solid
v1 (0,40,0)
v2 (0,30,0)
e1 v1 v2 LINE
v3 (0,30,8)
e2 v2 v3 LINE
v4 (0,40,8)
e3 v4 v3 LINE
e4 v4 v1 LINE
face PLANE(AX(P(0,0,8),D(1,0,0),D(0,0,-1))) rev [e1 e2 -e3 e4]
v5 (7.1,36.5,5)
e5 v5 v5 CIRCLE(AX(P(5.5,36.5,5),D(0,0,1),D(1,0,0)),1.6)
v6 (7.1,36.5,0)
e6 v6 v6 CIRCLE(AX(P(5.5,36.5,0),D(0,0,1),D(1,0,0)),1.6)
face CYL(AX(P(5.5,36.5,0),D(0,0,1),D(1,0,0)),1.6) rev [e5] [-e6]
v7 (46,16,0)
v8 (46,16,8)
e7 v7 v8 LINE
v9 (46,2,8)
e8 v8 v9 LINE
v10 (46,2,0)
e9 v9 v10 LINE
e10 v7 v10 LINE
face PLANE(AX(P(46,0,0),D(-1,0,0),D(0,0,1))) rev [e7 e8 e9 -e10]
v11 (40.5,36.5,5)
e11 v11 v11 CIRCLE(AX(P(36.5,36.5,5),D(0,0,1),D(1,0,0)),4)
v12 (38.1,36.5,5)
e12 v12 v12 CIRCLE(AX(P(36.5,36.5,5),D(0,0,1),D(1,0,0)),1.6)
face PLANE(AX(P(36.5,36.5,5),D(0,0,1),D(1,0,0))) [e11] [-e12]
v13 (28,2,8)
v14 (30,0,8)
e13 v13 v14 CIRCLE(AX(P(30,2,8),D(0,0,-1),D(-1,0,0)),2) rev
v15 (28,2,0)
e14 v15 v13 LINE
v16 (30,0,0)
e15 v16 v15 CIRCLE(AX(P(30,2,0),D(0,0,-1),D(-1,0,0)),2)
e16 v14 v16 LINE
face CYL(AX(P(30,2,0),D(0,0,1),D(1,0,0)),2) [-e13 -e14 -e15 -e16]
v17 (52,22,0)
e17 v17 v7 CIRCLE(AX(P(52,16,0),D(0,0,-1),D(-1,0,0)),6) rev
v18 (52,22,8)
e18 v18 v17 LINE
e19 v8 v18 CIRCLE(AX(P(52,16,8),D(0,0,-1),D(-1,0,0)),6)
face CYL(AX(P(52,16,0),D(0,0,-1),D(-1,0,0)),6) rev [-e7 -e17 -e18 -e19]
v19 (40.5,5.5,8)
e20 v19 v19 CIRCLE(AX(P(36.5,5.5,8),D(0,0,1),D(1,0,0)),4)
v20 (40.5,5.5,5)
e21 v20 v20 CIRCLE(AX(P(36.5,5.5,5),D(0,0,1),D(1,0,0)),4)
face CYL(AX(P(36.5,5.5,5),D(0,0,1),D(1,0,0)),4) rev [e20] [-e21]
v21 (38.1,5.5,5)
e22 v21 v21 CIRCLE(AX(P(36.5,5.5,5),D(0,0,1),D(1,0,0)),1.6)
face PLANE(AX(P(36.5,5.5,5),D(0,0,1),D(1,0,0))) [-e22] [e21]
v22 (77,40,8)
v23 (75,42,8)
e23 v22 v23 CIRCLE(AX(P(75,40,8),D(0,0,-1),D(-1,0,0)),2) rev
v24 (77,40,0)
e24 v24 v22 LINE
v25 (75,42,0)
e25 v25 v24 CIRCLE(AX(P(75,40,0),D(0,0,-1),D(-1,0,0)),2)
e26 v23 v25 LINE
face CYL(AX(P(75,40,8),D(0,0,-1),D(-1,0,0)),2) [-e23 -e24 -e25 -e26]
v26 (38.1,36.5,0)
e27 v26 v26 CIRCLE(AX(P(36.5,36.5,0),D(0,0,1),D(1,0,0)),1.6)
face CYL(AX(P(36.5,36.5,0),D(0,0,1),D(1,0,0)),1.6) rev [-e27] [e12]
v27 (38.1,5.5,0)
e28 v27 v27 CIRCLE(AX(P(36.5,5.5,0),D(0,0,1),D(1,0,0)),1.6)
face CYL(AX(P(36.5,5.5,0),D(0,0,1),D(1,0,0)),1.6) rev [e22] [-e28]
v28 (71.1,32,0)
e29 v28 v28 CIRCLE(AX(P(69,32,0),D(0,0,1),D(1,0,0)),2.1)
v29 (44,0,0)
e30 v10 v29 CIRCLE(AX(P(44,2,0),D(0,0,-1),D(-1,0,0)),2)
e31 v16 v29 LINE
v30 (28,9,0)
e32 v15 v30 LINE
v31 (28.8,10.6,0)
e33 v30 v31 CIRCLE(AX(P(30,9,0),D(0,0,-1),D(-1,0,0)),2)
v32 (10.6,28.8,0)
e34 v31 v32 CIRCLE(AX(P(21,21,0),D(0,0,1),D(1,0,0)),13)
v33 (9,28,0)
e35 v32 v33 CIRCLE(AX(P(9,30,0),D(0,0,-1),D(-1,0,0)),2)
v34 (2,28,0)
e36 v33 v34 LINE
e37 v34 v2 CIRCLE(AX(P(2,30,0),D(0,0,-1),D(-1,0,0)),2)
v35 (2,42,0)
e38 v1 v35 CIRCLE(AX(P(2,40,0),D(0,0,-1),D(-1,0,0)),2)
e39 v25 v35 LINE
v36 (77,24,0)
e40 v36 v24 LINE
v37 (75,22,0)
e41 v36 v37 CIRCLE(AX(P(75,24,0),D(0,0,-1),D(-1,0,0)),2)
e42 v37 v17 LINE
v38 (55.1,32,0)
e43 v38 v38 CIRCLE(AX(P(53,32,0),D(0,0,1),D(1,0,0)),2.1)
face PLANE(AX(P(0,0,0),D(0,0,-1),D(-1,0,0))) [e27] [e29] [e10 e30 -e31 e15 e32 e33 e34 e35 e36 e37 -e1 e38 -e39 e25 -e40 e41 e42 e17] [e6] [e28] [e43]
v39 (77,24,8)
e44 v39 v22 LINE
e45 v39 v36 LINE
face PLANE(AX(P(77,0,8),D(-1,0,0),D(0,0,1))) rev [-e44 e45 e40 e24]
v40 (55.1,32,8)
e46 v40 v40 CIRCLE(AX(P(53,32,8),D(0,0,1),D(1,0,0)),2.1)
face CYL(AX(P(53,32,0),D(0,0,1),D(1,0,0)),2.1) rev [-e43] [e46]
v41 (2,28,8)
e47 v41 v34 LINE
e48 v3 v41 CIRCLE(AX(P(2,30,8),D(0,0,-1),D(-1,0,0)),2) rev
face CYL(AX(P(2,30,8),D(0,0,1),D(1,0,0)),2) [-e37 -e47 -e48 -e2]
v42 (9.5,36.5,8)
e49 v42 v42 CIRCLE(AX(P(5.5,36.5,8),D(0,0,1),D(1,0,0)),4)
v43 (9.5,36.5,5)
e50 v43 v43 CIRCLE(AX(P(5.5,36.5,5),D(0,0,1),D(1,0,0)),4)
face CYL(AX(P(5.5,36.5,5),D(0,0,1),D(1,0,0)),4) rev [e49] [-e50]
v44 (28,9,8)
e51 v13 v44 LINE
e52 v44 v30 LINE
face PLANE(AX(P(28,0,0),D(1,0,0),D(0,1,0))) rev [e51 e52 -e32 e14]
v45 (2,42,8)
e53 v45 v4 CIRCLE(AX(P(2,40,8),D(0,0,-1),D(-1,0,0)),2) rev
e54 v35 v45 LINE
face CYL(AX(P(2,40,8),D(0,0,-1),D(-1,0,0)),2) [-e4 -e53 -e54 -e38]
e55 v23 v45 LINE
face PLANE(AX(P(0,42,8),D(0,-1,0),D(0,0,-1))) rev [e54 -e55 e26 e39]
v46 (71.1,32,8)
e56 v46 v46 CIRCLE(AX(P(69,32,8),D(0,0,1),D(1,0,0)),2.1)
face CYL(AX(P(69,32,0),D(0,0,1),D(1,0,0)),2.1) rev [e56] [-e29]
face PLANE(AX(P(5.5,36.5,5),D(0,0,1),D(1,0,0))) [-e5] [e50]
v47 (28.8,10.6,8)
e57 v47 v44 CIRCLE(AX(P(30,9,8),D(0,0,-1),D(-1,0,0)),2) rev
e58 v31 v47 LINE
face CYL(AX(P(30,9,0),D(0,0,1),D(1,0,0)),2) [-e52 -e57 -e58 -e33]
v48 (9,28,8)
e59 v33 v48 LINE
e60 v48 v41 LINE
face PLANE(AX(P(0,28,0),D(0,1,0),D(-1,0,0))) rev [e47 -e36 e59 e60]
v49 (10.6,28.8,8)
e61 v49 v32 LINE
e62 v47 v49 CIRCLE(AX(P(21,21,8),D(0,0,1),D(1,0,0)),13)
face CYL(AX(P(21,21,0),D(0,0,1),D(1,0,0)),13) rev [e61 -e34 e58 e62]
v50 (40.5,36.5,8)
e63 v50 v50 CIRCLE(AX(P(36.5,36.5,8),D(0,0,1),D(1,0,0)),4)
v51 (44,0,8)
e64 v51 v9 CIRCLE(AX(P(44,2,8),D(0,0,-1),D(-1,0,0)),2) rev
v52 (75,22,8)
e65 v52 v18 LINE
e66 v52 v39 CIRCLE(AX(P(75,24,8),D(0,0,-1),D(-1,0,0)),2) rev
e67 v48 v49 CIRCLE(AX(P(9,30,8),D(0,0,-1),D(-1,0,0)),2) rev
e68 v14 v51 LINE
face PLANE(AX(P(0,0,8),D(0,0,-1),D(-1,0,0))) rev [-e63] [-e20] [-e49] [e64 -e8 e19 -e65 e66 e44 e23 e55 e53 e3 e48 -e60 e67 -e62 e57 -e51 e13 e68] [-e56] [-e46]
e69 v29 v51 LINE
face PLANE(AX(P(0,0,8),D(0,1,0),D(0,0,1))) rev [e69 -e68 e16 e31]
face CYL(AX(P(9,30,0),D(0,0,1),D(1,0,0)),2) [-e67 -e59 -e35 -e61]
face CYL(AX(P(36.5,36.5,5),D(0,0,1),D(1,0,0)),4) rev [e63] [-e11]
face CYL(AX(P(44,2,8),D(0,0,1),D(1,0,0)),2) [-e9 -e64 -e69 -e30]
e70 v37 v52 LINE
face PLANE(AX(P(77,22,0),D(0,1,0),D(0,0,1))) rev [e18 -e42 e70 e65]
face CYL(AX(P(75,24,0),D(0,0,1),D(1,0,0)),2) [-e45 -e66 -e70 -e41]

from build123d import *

# Parameters (mm, degrees)
ESQUISSE1_W             = 77
ESQUISSE1_H             = 42
BOSS_EXTRU_1_DEPTH      = 8
ESQUISSE3_R             = 4
ENL_V_MAT_EXTRU_1_DEPTH = 3
ESQUISSE4_R             = 13
ENL_V_MAT_EXTRU_2_DEPTH = 9
ESQUISSE5_W             = 28
ESQUISSE5_H             = 28
ENL_V_MAT_EXTRU_3_DEPTH = 9
ESQUISSE10_R            = 1.6
ENL_V_MAT_EXTRU_4_DEPTH = 6
ESQUISSE11_W            = 31
ESQUISSE11_H            = 22
ENL_V_MAT_EXTRU_5_DEPTH = 9
ESQUISSE12_R            = 2.1
ENL_V_MAT_EXTRU_6_DEPTH = 9
CONG_1_R                = 6
CONG_2_R                = 2


with BuildPart() as part:
    # Esquisse1 → Boss.-Extru.1 (new body)
    with BuildSketch(Plane.XY):
        with Locations((38.5, 21)):
            Rectangle(ESQUISSE1_W, ESQUISSE1_H)
    extrude(amount=BOSS_EXTRU_1_DEPTH)

    # Esquisse3 → Enlèv. mat.-Extru.1 (cut)
    with BuildSketch(Plane.XY.offset(8)):
        with Locations((5.5, 36.5)):
            Circle(ESQUISSE3_R)
        with Locations((36.5, 36.5)):
            Circle(ESQUISSE3_R)
        with Locations((36.5, 5.5)):
            Circle(ESQUISSE3_R)
    extrude(amount=-ENL_V_MAT_EXTRU_1_DEPTH, mode=Mode.SUBTRACT)

    # Esquisse4 → Enlèv. mat.-Extru.2 (cut, through all)
    with BuildSketch(Plane.XY.offset(8)):
        with Locations((21, 21)):
            Circle(ESQUISSE4_R)
    extrude(amount=-ENL_V_MAT_EXTRU_2_DEPTH, mode=Mode.SUBTRACT)

    # Esquisse5 → Enlèv. mat.-Extru.3 (cut, through all)
    with BuildSketch(Plane.XY.offset(8)):
        with Locations((14, 14)):
            Rectangle(ESQUISSE5_W, ESQUISSE5_H)
    extrude(amount=-ENL_V_MAT_EXTRU_3_DEPTH, mode=Mode.SUBTRACT)

    # Esquisse10 → Enlèv. mat.-Extru.4 (cut, through all)
    with BuildSketch(Plane.XY.offset(5)):
        with Locations((5.5, 36.5)):
            Circle(ESQUISSE10_R)
        with Locations((36.5, 36.5)):
            Circle(ESQUISSE10_R)
        with Locations((36.5, 5.5)):
            Circle(ESQUISSE10_R)
    extrude(amount=-ENL_V_MAT_EXTRU_4_DEPTH, mode=Mode.SUBTRACT)

    # Esquisse11 → Enlèv. mat.-Extru.5 (cut, through all)
    with BuildSketch(Plane.XY.offset(8)):
        with Locations((61.5, 11)):
            Rectangle(ESQUISSE11_W, ESQUISSE11_H)
    extrude(amount=-ENL_V_MAT_EXTRU_5_DEPTH, mode=Mode.SUBTRACT)

    # Esquisse12 → Enlèv. mat.-Extru.6 (cut, through all)
    with BuildSketch(Plane.XY.offset(8)):
        with Locations((53, 32)):
            Circle(ESQUISSE12_R)
        with Locations((69, 32)):
            Circle(ESQUISSE12_R)
    extrude(amount=-ENL_V_MAT_EXTRU_6_DEPTH, mode=Mode.SUBTRACT)

    # Congé1
    cong_1_edges = [part.edges().sort_by_distance(p)[0] for p in [
        (46, 22, 4),
    ]]
    fillet(cong_1_edges, radius=CONG_1_R)

    # Congé2
    cong_2_edges = [part.edges().sort_by_distance(p)[0] for p in [
        (28, 10.04554885, 4),
        (10.04554885, 28, 4),
        (0, 28, 4),
        (28, 0, 4),
        (77, 22, 4),
        (46, 0, 4),
        (0, 42, 4),
        (77, 42, 4),
    ]]
    fillet(cong_2_edges, radius=CONG_2_R)


solid = part.part
